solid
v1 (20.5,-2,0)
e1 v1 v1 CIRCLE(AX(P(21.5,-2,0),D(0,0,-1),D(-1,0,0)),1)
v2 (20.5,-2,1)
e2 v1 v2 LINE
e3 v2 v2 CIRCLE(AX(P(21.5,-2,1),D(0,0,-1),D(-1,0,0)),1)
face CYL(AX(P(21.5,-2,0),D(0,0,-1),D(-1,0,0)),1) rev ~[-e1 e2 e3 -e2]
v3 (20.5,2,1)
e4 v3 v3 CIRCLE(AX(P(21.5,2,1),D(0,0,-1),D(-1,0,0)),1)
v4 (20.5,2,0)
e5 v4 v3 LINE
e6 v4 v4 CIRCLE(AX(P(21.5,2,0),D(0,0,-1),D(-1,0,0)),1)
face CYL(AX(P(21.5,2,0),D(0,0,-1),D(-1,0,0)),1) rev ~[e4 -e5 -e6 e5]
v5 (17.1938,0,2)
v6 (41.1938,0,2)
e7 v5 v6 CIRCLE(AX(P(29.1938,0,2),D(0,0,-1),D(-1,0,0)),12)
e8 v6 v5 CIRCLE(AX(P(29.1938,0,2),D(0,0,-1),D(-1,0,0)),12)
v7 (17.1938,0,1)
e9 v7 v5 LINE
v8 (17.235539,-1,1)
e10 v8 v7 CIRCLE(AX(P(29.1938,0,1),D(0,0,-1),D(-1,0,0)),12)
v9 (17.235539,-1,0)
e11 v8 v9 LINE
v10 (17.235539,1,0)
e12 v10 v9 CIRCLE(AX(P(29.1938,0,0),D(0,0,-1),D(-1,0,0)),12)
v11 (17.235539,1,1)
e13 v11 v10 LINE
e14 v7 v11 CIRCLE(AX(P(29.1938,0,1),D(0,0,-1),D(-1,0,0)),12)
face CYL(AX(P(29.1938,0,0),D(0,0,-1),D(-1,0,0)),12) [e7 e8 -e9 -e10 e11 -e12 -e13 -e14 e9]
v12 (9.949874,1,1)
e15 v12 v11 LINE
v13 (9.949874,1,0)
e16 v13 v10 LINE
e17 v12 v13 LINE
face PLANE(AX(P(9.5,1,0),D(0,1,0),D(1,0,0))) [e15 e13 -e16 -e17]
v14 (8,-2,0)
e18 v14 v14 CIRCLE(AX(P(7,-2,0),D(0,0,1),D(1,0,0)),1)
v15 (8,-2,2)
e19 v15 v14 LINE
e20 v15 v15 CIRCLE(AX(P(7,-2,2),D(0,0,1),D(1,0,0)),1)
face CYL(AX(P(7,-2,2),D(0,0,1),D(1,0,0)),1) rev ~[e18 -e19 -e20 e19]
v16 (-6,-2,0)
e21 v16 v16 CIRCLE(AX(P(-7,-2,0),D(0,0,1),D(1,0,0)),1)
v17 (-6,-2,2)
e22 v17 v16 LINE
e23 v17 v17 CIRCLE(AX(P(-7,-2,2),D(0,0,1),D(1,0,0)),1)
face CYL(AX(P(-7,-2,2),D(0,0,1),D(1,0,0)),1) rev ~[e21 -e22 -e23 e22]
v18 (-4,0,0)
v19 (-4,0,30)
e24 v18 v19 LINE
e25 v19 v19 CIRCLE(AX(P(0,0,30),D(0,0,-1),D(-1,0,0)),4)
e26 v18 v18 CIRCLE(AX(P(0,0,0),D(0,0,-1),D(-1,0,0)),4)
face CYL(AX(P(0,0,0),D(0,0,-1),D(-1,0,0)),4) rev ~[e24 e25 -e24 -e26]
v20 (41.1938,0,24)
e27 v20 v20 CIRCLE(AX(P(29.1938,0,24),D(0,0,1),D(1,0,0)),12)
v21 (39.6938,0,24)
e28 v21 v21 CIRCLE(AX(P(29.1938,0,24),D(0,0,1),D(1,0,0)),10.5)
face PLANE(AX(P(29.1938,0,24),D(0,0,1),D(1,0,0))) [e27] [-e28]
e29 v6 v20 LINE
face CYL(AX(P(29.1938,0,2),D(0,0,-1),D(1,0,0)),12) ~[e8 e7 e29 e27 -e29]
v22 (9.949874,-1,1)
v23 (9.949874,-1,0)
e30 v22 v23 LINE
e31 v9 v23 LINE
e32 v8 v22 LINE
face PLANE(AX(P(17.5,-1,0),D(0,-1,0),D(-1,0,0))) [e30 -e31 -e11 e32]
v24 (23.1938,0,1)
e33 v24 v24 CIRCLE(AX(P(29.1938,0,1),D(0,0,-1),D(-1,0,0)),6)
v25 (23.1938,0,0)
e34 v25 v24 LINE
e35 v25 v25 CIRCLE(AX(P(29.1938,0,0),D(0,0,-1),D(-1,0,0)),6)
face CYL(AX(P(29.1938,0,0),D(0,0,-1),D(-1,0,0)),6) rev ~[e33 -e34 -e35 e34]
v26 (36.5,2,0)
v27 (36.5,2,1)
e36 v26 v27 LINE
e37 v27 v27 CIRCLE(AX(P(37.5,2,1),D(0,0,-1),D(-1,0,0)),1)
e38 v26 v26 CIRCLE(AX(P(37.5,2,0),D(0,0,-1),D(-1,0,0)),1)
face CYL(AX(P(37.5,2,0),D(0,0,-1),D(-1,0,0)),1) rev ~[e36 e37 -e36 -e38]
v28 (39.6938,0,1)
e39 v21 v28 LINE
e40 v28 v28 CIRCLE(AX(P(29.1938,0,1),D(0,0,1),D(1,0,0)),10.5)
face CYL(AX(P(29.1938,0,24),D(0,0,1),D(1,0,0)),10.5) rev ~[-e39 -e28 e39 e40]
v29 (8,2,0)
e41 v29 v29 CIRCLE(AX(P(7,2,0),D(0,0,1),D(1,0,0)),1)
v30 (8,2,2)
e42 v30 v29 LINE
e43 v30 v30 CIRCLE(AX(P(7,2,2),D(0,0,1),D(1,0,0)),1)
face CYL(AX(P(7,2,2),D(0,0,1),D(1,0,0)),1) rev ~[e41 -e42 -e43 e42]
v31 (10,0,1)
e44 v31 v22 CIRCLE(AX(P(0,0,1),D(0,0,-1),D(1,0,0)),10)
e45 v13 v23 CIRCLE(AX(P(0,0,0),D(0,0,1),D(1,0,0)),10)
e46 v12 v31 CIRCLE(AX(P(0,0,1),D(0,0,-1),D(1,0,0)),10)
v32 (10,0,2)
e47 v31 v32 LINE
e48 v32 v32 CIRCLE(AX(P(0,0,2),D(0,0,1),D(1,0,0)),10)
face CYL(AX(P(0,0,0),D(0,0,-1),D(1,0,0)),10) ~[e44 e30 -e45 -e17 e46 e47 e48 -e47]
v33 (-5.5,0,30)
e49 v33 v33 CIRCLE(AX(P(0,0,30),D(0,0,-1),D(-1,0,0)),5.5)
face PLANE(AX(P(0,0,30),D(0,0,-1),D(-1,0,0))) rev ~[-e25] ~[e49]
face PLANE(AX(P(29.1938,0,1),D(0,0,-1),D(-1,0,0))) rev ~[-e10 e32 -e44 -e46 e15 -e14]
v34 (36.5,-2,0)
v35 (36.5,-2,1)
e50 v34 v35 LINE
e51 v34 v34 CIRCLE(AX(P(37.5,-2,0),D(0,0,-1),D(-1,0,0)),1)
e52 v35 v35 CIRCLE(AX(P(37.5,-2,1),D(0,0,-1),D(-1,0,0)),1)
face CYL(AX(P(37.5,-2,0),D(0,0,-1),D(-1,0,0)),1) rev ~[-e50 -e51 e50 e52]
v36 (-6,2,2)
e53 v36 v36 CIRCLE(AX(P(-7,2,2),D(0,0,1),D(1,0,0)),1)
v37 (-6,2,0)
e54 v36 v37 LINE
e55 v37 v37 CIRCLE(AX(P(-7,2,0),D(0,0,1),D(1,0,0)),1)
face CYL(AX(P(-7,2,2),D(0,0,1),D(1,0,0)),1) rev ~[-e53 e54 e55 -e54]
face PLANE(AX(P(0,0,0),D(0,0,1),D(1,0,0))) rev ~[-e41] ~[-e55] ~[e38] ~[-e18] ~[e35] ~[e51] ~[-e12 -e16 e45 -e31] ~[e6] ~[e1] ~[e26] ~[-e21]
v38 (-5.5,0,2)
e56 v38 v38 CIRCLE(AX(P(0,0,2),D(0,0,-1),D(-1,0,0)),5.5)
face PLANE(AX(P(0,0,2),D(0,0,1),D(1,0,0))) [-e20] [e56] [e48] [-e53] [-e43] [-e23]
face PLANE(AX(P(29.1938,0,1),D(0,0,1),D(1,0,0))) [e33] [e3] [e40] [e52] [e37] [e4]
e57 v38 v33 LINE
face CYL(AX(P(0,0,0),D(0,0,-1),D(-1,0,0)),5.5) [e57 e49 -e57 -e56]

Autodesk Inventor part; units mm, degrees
ref_plane "YZ Plane" through (0, 0, 0) normal (1, 0, 0) x (0, 1, 0)
ref_plane "XZ Plane" through (0, 0, 0) normal (0, 1, 0) x (-1, 0, 0)
ref_plane "XY Plane" through (0, 0, 0) normal (0, 0, 1) x (1, 0, 0)
sketch "Sketch1" plane through (0, 0, 0) normal (0, 0, 1) x (1, 0, 0)
  circle A0 centre (0, 0) radius 10
  dimension "d0" = 20
extrude "Extrusion1" add sketch "Sketch1" along normal blind 2
sketch "Sketch2" plane through (0, 0, 0) normal (0, 0, -1) x (-1, 0, 0)
  circle A0 centre (0, 0) radius 5.5
  circle A1 centre (0, 0) radius 3.55
  dimension "d3" = 11
  dimension "d6" = 7.1
extrude "Extrusion2" add sketch "Sketch2" against normal blind 30 contours A0 | A1
sketch "Sketch3" plane through (0, 0, 0) normal (0, 0, -1) x (-1, 0, 0)
  point P0 (0, 0)
sketch "Sketch4" plane through (0, 0, 0) normal (0, 0, -1) x (-1, 0, 0)
  point P0 (0, 0)
sketch "Sketch5" plane through (0, 0, 0) normal (0, 0, -1) x (-1, 0, 0)
  circle A0 centre (0, 0) radius 4
  dimension "d7" = 8
extrude "Extrusion3" cut sketch "Sketch5" against normal blind 30
sketch "Sketch6" plane through (0, 0, 2) normal (0, 0, 1) x (1, 0, 0)
  circle A0 centre (7, 2) radius 1
  circle A1 centre (7, -2) radius 1
  circle A2 centre (-7, 2) radius 1
  circle A3 centre (-7, -2) radius 1
  point P0 (0, 0)
  dimension "d16" = 2
  dimension "d17" = 7
  dimension "d18" = 2
  dimension "d19" = 2
  dimension "d20" = 7
  dimension "d21" = 2
  dimension "d53" = 2
  dimension "d54" = 7
  dimension "d55" = 2
  dimension "d56" = 2
  dimension "d57" = 7
  dimension "d58" = 2
extrude "Extrusion4" cut sketch "Sketch6" against normal blind 2
sketch "Sketch7" plane through (0, 0, 0) normal (0, 0, -1) x (-1, 0, 0)
  point P0 (0, 0)
sketch "Sketch8" plane through (0, 0, 0) normal (0, 0, -1) x (-1, 0, 0)
  circle A0 centre (-29.1938, 0) radius 12
  point P0 (0, 0)
  dimension "d24" = 24
extrude "Extrusion5" add sketch "Sketch8" against normal blind 2
sketch "Sketch9" plane through (29.1938, 0, 0) normal (0, 0, -1) x (-1, 0, 0)
  circle A0 centre (0, 0) radius 6
  point P0 (29.1938, 0)
  dimension "d27" = 12
extrude "Extrusion6" cut sketch "Sketch9" against normal blind 1
sketch "Sketch10" plane through (29.1938, 0, 0) normal (0, 0, -1) x (-1, 0, 0)
  point P0 (29.1938, 0)
  point P1 (0, 0)
sketch "Sketch11" plane through (29.1938, 0, 0) normal (0, 0, -1) x (-1, 0, 0)
  circle A0 centre (7.6938, 2) radius 1
  circle A1 centre (-8.3062, 2) radius 1
  circle A2 centre (-8.3062, -2) radius 1
  circle A3 centre (7.6938, -2) radius 1
  point P0 (29.1938, 0)
  dimension "d30" = 21.5
  dimension "d31" = 2
  dimension "d32" = 16
  dimension "d33" = 2
  dimension "d34" = 2
  dimension "d35" = 0
  dimension "d36" = 0
  dimension "d37" = 4
  dimension "d38" = 2
  dimension "d40" = 2
  dimension "d41" = 4
extrude "Extrusion7" cut sketch "Sketch11" against normal blind 2
sketch "Sketch12" plane through (29.1938, 0, 2) normal (0, 0, 1) x (1, 0, 0)
  circle A0 centre (0, 0) radius 4.55
  point P0 (-29.1938, 0)
  dimension "d44" = 9.1
extrude "Extrusion8" cut sketch "Sketch12" against normal blind 1
sketch "Sketch13" plane through (29.1938, 0, 0) normal (0, 0, -1) x (-1, 0, 0)
  line L0 (19.6938, 1) -> (11.6938, 1)
  line L1 (11.6938, 1) -> (11.6938, -1)
  line L2 (11.6938, -1) -> (19.6938, -1)
  line L3 (19.6938, -1) -> (19.6938, 1)
  point P0 (29.1938, 0)
  dimension "d47" = 8
  dimension "d48" = 2
  dimension "d49" = 1
  dimension "d50" = 9.5
extrude "Extrusion9" add sketch "Sketch13" against normal blind 1
sketch "Sketch14" plane through (29.1938, 0, 2) normal (0, 0, 1) x (1, 0, 0)
  point P0 (-29.1938, 0)
sketch "Sketch15" plane through (29.1938, 0, 2) normal (0, 0, 1) x (1, 0, 0)
  circle A0 centre (0, 0) radius 12
  point P0 (-29.1938, 0)
  dimension "d59" = 24
extrude "Extrusion10" add sketch "Sketch15" along normal blind 22
sketch "Sketch16" plane through (29.1938, 0, 24) normal (0, 0, 1) x (1, 0, 0)
  circle A0 centre (0, 0) radius 10.5
  point P0 (-29.1938, 0)
  dimension "d62" = 21
extrude "Extrusion11" cut sketch "Sketch16" against normal blind 23
properties part number "Bobbin01"
